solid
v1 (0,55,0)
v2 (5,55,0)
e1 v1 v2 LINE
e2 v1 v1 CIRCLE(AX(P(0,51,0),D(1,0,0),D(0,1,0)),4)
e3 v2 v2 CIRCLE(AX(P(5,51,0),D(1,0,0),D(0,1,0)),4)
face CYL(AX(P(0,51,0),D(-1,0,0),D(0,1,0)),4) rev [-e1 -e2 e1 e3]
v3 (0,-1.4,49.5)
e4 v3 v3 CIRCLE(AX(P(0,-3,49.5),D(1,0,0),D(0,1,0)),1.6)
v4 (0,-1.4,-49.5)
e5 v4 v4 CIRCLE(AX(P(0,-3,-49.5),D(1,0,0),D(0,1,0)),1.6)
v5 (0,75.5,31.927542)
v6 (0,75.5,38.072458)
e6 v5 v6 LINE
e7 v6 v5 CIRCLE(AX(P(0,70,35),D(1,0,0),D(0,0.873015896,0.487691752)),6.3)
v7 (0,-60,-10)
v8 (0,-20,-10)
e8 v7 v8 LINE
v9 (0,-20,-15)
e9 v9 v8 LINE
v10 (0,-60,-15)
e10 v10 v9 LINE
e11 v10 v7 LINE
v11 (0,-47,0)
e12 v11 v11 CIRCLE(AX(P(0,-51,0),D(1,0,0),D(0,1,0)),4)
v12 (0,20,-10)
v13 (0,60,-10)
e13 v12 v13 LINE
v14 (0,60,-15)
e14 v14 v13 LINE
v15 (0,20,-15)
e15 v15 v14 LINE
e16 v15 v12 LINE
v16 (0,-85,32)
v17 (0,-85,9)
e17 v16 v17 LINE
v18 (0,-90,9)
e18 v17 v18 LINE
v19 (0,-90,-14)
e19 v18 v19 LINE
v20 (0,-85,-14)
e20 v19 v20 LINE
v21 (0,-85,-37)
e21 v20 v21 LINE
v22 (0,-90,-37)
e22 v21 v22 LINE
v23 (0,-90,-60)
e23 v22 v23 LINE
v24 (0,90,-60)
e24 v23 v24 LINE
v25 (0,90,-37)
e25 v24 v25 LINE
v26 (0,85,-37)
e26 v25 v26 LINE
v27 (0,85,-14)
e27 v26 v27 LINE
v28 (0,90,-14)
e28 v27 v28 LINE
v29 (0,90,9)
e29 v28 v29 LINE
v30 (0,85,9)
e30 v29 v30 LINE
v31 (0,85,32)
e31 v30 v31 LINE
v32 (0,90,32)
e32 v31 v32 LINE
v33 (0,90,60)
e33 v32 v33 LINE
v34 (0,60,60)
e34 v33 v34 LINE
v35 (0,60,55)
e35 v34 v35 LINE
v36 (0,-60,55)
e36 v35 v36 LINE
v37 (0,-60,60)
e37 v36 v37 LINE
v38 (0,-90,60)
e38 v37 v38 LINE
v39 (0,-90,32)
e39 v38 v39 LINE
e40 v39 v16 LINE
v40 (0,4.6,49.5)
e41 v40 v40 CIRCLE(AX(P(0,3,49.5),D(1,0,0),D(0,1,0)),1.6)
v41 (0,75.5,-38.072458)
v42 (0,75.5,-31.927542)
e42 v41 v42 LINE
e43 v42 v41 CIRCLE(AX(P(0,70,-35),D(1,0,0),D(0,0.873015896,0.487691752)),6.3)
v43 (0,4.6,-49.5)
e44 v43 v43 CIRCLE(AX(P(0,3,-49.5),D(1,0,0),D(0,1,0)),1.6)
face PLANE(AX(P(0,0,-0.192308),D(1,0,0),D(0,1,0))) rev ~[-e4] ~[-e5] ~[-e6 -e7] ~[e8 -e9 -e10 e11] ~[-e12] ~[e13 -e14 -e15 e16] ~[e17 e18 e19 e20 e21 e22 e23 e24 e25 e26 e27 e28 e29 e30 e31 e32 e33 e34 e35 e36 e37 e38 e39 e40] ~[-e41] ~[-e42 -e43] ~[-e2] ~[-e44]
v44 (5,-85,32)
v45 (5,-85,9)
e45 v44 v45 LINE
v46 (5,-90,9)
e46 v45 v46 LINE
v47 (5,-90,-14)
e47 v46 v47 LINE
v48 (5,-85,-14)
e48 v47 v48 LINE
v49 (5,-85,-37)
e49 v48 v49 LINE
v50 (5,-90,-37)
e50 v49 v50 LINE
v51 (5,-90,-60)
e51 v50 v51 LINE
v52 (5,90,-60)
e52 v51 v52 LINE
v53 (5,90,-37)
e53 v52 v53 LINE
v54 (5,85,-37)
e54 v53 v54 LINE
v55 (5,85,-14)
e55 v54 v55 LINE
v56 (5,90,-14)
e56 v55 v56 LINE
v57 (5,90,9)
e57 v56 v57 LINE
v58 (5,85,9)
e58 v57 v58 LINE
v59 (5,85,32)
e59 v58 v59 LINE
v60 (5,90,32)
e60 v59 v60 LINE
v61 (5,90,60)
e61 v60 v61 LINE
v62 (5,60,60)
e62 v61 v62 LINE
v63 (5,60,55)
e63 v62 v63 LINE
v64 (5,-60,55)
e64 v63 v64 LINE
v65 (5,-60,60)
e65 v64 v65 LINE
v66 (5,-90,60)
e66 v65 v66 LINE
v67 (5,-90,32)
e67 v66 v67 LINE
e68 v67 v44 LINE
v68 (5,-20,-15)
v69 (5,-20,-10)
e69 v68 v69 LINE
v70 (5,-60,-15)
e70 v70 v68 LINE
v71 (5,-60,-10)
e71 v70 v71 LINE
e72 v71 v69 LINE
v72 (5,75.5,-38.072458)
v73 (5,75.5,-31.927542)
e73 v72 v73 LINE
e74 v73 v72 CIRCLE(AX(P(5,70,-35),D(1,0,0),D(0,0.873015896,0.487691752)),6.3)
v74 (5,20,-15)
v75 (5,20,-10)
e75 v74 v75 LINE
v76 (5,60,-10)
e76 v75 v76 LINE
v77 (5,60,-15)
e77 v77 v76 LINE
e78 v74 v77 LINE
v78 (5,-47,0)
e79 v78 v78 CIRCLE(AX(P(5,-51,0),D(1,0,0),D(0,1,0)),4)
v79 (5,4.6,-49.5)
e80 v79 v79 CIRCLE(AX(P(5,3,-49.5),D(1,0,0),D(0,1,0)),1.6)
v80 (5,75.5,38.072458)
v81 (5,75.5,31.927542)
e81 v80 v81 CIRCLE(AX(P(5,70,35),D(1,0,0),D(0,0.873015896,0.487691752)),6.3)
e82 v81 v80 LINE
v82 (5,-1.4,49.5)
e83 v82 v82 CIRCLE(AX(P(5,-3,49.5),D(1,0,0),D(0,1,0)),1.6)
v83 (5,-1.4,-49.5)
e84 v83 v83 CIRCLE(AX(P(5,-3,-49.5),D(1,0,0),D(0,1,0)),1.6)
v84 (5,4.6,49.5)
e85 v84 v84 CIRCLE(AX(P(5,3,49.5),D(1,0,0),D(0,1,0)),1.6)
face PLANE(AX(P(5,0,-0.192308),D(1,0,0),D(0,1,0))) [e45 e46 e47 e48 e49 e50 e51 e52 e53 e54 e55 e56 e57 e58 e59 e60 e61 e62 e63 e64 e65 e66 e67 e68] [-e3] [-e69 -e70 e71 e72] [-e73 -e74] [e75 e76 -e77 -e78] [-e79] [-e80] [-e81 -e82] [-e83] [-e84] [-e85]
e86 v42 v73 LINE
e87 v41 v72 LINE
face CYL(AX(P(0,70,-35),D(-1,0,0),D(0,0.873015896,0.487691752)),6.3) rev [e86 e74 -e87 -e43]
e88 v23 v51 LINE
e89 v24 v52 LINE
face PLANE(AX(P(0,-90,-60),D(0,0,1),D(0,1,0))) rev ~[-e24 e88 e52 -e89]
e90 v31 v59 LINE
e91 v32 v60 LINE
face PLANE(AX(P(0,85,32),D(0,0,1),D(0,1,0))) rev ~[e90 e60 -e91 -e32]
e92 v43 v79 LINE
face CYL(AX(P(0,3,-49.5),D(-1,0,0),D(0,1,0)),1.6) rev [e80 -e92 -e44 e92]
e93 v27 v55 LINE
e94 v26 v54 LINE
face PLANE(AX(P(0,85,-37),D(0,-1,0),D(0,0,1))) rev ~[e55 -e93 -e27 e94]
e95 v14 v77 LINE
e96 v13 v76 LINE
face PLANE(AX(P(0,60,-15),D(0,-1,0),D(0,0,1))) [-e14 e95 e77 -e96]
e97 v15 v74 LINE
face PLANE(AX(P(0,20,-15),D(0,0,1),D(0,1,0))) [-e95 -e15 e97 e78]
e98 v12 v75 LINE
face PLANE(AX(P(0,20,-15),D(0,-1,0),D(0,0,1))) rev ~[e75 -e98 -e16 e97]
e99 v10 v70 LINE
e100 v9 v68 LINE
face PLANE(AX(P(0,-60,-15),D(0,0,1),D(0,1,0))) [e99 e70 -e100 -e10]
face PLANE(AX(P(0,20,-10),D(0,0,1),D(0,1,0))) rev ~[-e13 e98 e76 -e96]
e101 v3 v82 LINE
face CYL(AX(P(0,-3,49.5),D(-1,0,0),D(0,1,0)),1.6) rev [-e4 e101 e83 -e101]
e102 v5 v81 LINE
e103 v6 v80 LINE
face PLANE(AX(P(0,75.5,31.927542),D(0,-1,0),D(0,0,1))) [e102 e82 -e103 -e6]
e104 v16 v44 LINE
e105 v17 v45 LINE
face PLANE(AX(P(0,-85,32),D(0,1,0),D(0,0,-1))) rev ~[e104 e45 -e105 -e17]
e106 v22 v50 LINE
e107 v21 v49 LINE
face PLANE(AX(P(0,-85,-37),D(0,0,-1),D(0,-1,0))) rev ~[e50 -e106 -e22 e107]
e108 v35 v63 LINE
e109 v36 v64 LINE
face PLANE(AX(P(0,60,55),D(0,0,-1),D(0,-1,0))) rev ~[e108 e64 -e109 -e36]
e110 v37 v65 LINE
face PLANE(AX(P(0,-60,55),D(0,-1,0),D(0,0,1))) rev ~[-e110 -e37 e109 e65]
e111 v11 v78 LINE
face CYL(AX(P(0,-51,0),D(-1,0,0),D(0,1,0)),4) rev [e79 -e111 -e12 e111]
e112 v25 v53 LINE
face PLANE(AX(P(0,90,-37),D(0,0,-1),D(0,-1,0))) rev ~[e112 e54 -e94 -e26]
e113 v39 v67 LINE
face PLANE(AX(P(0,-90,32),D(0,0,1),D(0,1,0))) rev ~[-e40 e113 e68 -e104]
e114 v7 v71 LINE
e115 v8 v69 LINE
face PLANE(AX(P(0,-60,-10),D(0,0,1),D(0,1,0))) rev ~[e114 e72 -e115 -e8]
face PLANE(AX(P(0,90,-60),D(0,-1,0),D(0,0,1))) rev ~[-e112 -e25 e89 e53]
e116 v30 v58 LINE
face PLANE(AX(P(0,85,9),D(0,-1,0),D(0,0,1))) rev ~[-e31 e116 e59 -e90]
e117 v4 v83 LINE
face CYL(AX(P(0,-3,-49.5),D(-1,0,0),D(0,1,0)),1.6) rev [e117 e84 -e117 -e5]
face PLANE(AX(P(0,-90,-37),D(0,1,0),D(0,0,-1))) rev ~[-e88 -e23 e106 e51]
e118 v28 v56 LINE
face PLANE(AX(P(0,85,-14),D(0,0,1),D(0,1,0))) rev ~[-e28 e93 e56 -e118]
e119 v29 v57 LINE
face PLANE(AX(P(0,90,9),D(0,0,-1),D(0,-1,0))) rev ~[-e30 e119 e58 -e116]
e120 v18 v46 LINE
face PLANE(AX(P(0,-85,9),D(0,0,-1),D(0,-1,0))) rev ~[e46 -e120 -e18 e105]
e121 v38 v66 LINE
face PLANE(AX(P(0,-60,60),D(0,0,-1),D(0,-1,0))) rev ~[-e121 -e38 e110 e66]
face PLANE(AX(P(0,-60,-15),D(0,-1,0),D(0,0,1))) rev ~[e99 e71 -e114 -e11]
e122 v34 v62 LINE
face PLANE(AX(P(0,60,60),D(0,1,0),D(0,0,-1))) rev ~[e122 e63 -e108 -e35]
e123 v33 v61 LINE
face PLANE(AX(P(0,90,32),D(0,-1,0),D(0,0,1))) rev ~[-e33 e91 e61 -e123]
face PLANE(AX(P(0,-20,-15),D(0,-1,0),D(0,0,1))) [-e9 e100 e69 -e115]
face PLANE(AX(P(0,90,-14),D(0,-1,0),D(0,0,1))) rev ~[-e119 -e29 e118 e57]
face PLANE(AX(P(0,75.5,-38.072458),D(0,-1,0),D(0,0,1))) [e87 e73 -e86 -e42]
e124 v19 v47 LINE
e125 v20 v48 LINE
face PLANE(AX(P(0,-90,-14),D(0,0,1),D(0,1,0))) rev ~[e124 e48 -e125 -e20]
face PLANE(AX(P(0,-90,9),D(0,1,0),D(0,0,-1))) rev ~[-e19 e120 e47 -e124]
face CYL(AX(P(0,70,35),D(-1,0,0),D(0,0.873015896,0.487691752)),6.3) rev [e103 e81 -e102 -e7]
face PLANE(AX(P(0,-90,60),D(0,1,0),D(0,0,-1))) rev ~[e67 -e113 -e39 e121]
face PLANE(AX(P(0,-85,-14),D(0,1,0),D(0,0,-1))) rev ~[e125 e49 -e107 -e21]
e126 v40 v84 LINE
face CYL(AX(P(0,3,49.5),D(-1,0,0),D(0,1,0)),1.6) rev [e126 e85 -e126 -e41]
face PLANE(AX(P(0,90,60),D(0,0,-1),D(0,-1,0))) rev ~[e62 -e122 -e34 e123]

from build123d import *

# Parameters (mm, degrees)
F0_R     = 1.6
F0_W     = 40
F0_H     = 5
F4_DEPTH = 5
F1_R     = 4
F5_DEPTH = 5


with BuildPart() as f4:
    # F0 (on Right) → F4 (new body)
    with BuildSketch(Plane.YZ):
        Polygon((90, 32), (90, 60), (60, 60), (60, 55), (-60, 55), (-60, 60), (-90, 60), (-90, 32), (-85, 32), (-85, 31.356627), (-85, 9), (-90, 9), (-90, 8.356627), (-90, -14), (-85, -14), (-85, -37), (-90, -37), (-90, -60), (90, -60), (90, -37), (85, -37), (85, -24.110864), (85, -14), (90, -14), (90, 9), (85, 9), (85, 32), align=None)
        with Locations((-3, -49.5)):
            Circle(F0_R, mode=Mode.SUBTRACT)
        with Locations((-40, -12.5)):
            Rectangle(F0_W, F0_H, mode=Mode.SUBTRACT)
        with Locations((3, -49.5)):
            Circle(F0_R, mode=Mode.SUBTRACT)
        with Locations((40, -12.5)):
            Rectangle(F0_W, F0_H, mode=Mode.SUBTRACT)
        with Locations((-3, 49.5)):
            Circle(F0_R, mode=Mode.SUBTRACT)
        with Locations((3, 49.5)):
            Circle(F0_R, mode=Mode.SUBTRACT)
    extrude(amount=F4_DEPTH)

    # F1 (on face) + F2 (on face) + F3 (on face) → F5 (cut)
    with BuildSketch(Plane.YZ):
        with Locations((-51, 0)):
            Circle(F1_R)
        with Locations((51, 0)):
            Circle(F1_R)
    with BuildSketch(Plane.YZ):
        with BuildLine():
            Line((75.5, 31.927542), (75.5, 38.072458))
            ThreePointArc((75.5, 38.072458), (63.7, 35), (75.5, 31.927542))
        make_face()
    with BuildSketch(Plane.YZ):
        with BuildLine():
            Line((75.5, -38.072458), (75.5, -31.927542))
            ThreePointArc((75.5, -31.927542), (63.7, -35), (75.5, -38.072458))
        make_face()
    extrude(amount=F5_DEPTH, mode=Mode.SUBTRACT)


solid = f4.part
